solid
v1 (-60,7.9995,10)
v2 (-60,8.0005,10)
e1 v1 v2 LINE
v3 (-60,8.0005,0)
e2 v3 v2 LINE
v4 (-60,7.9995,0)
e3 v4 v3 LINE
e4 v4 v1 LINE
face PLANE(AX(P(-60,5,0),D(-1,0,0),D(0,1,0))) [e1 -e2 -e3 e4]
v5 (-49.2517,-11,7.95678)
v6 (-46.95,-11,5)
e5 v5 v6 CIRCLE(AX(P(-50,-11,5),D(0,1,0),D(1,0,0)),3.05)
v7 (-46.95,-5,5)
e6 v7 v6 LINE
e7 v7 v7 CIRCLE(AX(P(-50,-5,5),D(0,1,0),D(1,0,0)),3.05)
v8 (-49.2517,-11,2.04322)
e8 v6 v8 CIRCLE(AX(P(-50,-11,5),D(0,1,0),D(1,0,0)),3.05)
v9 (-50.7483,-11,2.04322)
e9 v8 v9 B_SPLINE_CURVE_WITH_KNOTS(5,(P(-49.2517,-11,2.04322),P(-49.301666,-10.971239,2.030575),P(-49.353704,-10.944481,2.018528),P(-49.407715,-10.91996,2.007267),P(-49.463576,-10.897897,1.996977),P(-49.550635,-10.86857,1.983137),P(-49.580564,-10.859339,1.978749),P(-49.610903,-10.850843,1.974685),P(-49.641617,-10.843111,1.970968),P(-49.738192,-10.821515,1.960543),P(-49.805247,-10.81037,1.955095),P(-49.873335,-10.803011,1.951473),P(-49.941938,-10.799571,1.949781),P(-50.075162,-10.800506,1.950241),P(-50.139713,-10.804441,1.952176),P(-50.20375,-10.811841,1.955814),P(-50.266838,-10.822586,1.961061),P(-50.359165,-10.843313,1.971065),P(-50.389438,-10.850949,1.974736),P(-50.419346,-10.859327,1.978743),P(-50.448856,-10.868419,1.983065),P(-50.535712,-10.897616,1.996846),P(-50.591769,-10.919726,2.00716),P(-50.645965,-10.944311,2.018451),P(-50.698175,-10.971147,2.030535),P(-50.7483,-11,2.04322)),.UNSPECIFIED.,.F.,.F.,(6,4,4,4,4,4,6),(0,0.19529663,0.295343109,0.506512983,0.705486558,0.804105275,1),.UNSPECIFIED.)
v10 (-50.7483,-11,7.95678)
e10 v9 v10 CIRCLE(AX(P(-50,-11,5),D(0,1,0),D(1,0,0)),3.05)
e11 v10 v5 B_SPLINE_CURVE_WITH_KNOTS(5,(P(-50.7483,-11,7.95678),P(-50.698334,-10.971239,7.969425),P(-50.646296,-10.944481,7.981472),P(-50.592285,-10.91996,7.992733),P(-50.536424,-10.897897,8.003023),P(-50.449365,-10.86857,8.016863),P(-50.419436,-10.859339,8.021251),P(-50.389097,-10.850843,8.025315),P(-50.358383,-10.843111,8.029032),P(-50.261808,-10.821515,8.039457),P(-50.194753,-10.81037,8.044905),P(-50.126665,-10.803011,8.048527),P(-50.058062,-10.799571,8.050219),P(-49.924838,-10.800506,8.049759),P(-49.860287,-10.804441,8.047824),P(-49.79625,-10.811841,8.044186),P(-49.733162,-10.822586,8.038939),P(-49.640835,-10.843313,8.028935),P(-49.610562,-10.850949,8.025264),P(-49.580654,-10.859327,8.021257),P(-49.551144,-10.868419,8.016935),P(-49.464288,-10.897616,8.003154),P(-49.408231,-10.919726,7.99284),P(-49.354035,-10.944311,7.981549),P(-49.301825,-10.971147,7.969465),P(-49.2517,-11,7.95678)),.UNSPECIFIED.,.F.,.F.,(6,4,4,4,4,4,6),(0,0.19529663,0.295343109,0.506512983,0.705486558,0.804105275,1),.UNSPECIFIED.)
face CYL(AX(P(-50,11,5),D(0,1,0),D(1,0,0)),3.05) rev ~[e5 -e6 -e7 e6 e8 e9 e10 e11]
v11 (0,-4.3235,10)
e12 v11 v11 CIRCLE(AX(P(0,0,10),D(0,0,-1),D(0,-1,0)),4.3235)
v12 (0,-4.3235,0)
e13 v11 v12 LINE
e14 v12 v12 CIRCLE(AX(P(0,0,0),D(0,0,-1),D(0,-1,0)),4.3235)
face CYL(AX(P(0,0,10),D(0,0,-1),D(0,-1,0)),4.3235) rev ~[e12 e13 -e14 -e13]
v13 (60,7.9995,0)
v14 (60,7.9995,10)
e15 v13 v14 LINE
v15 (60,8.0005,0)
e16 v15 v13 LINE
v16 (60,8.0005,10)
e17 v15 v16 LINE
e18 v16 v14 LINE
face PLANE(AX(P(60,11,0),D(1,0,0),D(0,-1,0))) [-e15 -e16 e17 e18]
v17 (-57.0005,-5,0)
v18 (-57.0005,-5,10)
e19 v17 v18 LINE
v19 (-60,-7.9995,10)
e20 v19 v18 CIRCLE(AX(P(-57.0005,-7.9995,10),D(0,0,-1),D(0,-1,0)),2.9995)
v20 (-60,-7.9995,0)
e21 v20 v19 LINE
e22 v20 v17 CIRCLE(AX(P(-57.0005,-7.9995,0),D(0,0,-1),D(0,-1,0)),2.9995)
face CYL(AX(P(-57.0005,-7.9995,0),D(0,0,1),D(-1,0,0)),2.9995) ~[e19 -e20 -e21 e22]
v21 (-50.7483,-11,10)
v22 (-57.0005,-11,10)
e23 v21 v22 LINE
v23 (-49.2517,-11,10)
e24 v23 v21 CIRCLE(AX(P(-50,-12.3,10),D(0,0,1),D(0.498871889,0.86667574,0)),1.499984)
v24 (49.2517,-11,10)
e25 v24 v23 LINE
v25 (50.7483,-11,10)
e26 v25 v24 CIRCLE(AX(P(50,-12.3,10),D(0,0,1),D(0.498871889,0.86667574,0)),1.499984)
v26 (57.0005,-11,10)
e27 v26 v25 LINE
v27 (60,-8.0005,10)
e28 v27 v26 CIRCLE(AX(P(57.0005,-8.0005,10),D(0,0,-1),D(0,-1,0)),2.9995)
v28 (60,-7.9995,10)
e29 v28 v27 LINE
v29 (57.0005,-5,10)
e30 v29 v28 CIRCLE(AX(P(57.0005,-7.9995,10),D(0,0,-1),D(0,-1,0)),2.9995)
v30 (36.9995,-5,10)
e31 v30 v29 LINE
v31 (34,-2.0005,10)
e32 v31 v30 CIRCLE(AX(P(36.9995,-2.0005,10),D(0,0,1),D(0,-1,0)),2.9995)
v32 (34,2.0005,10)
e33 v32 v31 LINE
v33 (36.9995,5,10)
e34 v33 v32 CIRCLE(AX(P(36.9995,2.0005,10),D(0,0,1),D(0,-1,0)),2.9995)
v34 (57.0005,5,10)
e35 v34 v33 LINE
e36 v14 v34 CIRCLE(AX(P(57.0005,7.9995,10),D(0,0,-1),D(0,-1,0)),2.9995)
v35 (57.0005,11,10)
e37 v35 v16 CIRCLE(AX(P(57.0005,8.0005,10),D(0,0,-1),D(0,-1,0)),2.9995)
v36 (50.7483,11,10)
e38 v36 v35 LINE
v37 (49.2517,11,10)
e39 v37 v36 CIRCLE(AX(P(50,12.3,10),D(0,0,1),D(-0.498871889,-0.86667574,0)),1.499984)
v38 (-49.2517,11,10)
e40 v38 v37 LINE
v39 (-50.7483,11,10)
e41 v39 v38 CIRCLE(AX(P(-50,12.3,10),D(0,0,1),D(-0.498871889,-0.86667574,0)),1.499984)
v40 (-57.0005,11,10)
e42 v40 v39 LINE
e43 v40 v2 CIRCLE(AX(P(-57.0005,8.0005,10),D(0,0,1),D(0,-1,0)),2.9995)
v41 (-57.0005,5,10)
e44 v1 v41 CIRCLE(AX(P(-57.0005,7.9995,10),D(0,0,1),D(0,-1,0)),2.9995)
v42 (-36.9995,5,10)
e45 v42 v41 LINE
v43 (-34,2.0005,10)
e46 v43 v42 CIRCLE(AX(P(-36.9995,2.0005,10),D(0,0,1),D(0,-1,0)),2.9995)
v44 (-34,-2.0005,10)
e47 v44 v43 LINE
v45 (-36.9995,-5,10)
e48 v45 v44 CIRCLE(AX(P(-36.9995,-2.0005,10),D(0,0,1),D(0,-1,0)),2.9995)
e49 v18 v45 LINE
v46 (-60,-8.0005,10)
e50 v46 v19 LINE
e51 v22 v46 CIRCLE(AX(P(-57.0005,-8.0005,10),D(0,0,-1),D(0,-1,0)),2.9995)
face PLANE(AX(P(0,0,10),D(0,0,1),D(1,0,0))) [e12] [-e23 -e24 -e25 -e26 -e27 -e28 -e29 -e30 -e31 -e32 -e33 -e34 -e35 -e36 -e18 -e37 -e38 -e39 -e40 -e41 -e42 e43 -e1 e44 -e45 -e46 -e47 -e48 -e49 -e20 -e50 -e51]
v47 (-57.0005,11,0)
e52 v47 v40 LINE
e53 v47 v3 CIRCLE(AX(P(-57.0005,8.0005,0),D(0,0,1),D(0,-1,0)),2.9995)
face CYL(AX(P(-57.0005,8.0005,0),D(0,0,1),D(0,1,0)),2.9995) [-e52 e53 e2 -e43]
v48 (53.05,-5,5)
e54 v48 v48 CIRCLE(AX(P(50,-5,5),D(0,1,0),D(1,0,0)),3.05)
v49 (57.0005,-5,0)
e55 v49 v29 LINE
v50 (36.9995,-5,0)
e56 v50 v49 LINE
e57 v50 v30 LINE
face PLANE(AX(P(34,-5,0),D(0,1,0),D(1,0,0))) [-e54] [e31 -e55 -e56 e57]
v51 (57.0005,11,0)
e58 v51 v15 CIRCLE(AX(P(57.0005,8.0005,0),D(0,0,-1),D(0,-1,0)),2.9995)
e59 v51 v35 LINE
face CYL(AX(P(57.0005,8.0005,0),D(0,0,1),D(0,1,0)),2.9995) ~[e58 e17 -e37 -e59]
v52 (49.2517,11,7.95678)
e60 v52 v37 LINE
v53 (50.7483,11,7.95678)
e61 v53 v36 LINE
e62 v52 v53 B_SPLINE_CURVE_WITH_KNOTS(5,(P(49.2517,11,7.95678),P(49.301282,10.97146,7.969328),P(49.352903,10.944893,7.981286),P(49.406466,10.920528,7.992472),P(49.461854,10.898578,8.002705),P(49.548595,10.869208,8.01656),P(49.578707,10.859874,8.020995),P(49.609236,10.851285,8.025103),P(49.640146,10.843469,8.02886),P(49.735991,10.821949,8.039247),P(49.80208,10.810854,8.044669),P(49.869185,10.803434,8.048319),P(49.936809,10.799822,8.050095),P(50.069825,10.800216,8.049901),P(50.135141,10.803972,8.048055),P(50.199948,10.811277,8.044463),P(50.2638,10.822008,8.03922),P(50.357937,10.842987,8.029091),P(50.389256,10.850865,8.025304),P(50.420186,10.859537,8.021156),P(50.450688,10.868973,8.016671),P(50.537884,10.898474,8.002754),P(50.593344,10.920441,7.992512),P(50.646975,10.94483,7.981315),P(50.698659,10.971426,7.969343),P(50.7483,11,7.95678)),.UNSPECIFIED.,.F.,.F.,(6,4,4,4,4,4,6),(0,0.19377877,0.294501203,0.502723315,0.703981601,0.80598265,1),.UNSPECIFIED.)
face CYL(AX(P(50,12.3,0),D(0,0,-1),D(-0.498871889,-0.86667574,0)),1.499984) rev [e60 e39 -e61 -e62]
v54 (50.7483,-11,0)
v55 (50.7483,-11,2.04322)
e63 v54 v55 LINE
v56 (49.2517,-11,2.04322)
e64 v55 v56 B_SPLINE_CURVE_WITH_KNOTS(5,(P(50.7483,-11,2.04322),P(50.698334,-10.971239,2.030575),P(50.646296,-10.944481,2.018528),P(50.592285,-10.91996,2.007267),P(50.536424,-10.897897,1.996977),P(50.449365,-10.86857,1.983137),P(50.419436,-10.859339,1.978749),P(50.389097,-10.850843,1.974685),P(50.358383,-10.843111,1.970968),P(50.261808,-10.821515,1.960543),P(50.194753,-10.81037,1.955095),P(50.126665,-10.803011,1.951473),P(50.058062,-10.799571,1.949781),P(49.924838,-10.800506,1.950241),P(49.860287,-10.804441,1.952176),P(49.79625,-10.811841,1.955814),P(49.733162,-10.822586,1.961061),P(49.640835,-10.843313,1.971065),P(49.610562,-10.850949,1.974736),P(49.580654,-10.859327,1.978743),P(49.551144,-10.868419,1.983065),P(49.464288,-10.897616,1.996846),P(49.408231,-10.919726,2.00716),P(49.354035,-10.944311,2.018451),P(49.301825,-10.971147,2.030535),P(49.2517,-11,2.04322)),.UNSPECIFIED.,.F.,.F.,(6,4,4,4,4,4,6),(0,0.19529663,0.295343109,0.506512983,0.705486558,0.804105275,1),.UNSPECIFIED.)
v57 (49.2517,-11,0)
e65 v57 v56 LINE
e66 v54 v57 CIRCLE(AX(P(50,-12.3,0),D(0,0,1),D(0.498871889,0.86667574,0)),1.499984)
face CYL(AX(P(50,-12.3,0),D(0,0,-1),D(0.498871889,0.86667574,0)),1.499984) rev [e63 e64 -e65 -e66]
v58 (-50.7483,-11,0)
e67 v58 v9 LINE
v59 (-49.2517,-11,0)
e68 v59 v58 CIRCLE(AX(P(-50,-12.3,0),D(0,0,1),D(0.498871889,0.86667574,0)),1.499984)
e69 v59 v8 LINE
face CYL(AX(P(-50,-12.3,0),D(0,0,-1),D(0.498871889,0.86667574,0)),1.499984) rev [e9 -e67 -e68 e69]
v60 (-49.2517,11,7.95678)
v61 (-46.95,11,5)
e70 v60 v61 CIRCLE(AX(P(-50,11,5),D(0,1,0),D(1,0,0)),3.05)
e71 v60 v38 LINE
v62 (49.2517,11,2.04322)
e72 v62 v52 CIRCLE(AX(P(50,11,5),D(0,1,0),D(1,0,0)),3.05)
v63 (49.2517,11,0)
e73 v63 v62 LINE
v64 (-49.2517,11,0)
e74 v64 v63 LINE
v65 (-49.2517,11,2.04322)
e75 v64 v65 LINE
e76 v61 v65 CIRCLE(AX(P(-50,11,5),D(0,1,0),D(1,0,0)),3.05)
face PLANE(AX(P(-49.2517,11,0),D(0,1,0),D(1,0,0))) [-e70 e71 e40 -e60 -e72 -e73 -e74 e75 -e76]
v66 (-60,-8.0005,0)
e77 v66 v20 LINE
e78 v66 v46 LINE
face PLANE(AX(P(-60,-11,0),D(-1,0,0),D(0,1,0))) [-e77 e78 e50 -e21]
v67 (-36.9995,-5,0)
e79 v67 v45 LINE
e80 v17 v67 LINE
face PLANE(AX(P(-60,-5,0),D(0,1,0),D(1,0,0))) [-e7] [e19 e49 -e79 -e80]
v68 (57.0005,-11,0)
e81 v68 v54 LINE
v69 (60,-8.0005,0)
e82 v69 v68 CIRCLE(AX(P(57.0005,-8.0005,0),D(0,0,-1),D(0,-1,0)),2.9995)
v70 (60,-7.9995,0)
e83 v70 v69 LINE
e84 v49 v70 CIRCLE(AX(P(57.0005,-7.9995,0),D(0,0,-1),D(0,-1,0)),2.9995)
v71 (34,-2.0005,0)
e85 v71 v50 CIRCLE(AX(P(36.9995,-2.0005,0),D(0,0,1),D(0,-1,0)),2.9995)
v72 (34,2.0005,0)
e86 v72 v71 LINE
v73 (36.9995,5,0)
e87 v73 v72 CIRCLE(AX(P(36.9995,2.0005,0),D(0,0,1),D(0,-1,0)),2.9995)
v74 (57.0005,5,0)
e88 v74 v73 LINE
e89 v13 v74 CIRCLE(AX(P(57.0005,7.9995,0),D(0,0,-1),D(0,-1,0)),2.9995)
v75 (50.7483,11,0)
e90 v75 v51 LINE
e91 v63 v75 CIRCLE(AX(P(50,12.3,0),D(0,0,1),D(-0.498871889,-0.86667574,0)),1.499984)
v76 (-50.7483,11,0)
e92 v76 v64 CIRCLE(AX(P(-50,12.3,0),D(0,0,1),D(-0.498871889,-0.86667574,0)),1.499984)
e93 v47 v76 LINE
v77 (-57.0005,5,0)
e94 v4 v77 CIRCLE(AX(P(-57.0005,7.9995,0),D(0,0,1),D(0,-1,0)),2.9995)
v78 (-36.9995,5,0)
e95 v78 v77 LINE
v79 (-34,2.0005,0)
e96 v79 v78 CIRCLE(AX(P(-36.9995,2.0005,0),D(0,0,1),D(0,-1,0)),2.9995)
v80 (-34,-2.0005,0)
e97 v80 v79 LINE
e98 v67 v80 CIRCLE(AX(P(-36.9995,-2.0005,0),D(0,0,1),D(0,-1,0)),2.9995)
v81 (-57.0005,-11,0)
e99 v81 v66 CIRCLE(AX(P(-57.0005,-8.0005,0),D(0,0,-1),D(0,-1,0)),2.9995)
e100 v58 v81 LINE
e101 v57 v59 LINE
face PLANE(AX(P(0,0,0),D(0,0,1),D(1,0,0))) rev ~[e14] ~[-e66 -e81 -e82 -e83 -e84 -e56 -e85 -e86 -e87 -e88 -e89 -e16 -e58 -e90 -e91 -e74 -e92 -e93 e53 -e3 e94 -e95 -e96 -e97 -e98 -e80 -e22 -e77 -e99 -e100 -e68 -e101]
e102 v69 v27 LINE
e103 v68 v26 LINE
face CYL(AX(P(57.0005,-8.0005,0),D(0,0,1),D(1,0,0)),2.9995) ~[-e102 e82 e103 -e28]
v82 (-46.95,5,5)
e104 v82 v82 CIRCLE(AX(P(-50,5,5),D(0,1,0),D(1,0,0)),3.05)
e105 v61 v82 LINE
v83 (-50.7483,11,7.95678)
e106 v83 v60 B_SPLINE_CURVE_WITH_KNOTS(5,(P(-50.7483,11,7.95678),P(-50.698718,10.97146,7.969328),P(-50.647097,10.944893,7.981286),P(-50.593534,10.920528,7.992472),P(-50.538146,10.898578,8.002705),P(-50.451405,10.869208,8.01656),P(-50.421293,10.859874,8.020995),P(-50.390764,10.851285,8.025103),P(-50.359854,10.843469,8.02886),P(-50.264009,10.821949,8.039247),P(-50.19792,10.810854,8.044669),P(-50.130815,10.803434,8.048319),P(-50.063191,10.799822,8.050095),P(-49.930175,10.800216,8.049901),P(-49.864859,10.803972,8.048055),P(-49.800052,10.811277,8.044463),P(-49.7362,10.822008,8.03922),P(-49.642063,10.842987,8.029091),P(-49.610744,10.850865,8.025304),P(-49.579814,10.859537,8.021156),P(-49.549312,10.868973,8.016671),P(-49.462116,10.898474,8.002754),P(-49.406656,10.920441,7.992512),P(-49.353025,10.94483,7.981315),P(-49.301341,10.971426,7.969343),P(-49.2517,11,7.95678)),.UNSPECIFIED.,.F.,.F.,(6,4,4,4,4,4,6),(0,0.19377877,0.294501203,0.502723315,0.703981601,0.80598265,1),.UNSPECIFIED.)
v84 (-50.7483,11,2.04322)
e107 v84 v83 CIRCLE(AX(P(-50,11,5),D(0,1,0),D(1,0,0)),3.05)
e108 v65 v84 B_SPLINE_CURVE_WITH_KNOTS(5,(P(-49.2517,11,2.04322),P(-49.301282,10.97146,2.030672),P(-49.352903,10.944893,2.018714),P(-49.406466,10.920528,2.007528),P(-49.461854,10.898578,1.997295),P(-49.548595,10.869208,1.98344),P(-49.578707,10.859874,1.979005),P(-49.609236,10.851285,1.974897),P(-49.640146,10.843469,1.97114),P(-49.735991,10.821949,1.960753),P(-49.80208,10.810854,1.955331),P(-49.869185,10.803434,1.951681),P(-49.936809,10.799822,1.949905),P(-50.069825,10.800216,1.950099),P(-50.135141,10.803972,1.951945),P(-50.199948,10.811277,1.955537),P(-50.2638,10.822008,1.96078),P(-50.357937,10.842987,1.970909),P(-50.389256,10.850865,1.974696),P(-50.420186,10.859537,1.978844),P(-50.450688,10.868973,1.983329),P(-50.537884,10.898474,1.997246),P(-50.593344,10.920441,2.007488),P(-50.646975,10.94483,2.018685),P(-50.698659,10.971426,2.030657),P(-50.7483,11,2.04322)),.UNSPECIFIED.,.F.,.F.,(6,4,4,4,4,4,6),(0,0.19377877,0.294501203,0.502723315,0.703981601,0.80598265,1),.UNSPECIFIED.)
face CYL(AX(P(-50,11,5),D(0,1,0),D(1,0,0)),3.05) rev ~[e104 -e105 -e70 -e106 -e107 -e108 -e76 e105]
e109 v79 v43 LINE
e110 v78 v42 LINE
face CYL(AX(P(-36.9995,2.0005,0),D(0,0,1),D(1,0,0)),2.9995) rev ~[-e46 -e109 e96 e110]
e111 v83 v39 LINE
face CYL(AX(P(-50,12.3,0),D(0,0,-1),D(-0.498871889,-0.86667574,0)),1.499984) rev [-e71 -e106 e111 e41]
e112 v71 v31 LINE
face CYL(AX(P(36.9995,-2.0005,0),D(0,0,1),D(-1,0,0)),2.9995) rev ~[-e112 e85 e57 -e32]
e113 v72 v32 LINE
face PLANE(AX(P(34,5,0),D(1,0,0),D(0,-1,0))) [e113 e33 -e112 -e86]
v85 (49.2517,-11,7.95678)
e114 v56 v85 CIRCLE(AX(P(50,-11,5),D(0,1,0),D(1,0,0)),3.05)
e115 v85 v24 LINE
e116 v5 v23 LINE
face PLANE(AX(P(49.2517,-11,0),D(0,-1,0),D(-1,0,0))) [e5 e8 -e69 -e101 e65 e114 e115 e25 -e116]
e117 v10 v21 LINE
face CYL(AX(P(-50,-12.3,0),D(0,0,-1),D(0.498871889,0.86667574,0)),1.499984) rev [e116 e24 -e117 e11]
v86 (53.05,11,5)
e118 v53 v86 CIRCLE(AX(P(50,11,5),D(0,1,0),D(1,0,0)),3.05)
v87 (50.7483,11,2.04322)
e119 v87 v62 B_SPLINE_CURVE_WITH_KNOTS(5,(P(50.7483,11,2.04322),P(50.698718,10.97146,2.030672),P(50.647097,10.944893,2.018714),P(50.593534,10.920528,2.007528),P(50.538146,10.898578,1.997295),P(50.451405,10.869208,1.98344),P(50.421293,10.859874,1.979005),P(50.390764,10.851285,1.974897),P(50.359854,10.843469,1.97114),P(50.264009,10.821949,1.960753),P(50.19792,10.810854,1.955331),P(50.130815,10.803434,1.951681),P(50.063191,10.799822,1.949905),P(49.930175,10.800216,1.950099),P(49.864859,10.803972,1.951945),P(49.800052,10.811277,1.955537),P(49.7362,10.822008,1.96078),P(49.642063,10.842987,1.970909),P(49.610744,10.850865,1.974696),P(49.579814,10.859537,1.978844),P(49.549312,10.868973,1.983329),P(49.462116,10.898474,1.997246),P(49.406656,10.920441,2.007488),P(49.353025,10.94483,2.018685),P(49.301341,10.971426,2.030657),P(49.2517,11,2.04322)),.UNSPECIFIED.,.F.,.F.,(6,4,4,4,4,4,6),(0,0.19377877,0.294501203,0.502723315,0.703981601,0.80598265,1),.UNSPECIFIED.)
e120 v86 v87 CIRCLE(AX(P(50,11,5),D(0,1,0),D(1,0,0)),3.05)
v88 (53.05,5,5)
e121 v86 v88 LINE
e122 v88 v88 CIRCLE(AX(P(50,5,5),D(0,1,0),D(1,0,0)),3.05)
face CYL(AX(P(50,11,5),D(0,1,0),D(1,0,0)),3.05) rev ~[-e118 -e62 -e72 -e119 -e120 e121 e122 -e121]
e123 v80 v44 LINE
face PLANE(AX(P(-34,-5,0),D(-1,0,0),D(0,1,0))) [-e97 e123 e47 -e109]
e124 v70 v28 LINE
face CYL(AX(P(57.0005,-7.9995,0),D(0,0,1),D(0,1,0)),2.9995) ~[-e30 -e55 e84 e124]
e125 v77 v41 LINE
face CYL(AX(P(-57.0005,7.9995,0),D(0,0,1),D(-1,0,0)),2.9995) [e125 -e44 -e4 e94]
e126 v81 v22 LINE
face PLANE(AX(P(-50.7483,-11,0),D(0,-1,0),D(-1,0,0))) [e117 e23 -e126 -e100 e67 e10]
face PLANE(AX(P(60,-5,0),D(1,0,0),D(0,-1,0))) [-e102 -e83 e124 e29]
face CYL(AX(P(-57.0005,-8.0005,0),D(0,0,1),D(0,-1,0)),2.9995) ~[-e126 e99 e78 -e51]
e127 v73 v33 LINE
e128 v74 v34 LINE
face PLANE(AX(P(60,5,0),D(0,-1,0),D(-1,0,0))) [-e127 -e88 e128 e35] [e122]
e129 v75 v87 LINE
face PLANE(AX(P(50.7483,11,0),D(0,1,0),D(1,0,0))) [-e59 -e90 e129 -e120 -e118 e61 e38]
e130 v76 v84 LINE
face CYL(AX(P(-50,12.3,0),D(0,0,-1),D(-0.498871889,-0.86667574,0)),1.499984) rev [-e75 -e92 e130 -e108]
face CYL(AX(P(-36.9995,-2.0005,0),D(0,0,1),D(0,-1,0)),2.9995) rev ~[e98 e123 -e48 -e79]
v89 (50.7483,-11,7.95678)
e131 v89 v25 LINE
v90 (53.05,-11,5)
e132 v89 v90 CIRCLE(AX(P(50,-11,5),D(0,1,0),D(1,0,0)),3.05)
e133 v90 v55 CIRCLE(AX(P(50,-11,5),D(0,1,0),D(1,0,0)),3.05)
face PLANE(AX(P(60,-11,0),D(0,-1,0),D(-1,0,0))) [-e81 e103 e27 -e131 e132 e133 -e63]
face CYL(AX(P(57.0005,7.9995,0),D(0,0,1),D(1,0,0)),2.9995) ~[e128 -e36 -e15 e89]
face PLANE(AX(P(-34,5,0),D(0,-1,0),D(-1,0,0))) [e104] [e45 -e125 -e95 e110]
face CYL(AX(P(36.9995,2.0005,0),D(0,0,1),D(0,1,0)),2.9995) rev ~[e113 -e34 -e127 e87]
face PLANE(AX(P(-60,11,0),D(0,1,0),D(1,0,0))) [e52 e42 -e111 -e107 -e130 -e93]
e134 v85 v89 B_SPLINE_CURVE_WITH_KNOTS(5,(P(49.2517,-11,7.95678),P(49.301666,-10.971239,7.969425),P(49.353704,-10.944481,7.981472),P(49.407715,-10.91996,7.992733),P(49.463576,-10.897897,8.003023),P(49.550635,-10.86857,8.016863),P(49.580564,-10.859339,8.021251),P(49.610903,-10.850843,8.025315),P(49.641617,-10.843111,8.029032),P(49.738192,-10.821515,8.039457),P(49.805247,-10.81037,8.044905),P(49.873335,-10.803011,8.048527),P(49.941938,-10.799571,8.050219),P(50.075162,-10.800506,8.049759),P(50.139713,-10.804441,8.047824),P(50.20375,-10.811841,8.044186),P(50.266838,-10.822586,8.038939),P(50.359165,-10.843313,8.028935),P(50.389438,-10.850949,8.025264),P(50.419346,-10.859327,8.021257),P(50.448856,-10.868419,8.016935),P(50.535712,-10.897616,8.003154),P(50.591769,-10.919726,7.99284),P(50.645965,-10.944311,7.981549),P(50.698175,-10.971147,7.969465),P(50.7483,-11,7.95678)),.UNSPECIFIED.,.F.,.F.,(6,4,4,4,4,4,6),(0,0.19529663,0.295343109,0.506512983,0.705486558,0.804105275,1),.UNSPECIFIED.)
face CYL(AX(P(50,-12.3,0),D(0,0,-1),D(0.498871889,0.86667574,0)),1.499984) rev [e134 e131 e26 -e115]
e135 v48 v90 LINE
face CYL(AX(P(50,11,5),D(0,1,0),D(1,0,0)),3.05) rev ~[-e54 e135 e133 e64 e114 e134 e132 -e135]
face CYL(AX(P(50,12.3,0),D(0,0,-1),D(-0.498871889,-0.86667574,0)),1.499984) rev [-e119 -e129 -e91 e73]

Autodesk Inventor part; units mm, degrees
ref_plane "YZ Plane" through (0, 0, 0) normal (1, 0, 0) x (0, 1, 0)
ref_plane "XZ Plane" through (0, 0, 0) normal (0, 1, 0) x (-1, 0, 0)
ref_plane "XY Plane" through (0, 0, 0) normal (0, 0, 1) x (1, 0, 0)
sketch "スケッチ1" plane through (0, 0, 0) normal (0, 0, 1) x (1, 0, 0)
  circle A0 centre (0, 0) radius 5 construction
  line L0 (-60, 11) -> (-50.7483, 11)
  line L1 (60, 11) -> (60, 5)
  line L2 (60, 5) -> (34, 5)
  line L3 (34, 5) -> (34, -5)
  line L4 (34, -5) -> (60, -5)
  line L5 (60, -5) -> (60, -11)
  line L6 (60, -11) -> (50.7483, -11)
  line L7 (-60, -11) -> (-60, -5)
  line L8 (-60, -5) -> (-34, -5)
  line L9 (-34, -5) -> (-34, 5)
  line L10 (-34, 5) -> (-60, 5)
  line L11 (-60, 5) -> (-60, 11)
  arc A1 (-49.2517, 11) -> (-50.7483, 11) centre (-50, 12.3) ccw construction
  arc A2 (50.7483, 11) -> (49.2517, 11) centre (50, 12.3) ccw construction
  arc A3 (-50.7483, -11) -> (-49.2517, -11) centre (-50, -12.3) ccw construction
  arc A4 (49.2517, -11) -> (50.7483, -11) centre (50, -12.3) ccw construction
  arc A5 (-50.7483, 11) -> (-49.2517, 11) centre (-50, 12.3) ccw
  line L12 (-49.2517, 11) -> (49.2517, 11)
  line L13 (-50.7483, 11) -> (-49.2517, 11) construction
  line L14 (-49.2517, -11) -> (-50.7483, -11) construction
  line L15 (-50.7483, -11) -> (-60, -11)
  arc A6 (-49.2517, -11) -> (-50.7483, -11) centre (-50, -12.3) ccw
  arc A7 (49.2517, 11) -> (50.7483, 11) centre (50, 12.3) ccw
  line L16 (50.7483, 11) -> (60, 11)
  line L17 (49.2517, 11) -> (50.7483, 11) construction
  arc A8 (50.7483, -11) -> (49.2517, -11) centre (50, -12.3) ccw
  line L18 (50.7483, -11) -> (49.2517, -11) construction
  line L19 (49.2517, -11) -> (-49.2517, -11)
  dimension "d0" = 10
  dimension "d1" = 10
  dimension "d2" = 10
  dimension "d3" = 5
  dimension "d4" = 5
  dimension "d5" = 6
  dimension "d6" = 6
  dimension "d7" = 3
  dimension "d8" = 3
  dimension "d9" = 3
  dimension "d10" = 3
  dimension "d11" = 1.3
  dimension "d12" = 1.3
  dimension "d13" = 1.3
  dimension "d14" = 1.3
  dimension "d15" = 100
  dimension "d17" = 50
  dimension "d19" = 16
  dimension "d20" = 10
  dimension "d21" = 10
  dimension "d22" = 16
extrude "押し出し1" add sketch "スケッチ1" along normal blind 10
sketch "スケッチ2" plane through (-49.2517, 11, 0) normal (0, 1, 0) x (1, 0, 0)
  circle A0 centre (-0.7483, -5) radius 3.05
  circle A1 centre (99.2517, -5) radius 3.05
  line L0 (-10.7483, 0) -> (-10.7483, -10) projected
  point P0 (49.2517, 0)
  point P1 (-10.7483, -5)
  dimension "d26" = 6.1
  dimension "d27" = 6.1
  dimension "d28" = 50
  dimension "d29" = 50
extrude "押し出し2" cut sketch "スケッチ2" against normal through all
fillet "フィレット1" radius 3 12 edges at (-34, 5, 5) (-34, -5, 5) (34, 5, 5) (34, -5, 5) (-60, 11, 5) (-60, 5, 5) (-60, -5, 5) (-60, -11, 5) (60, 11, 5) (60, 5, 5) (60, -5, 5) (60, -11, 5)
sketch "スケッチ4" plane through (0, 0, 10) normal (0, 0, 1) x (1, 0, 0)
  point P0 (0, 0)
hole "穴1" at (0, 0, 10) direction (0, 0, -1) diameter 8.647 end through all thread size "M10x1.25" class "6H" standard "ANSI Metric M Profile"
equation "\"d17\" = 0.5 * d15"
properties part number "ハンド_ピストン先" material "ポリカーボネート、スモーク"
